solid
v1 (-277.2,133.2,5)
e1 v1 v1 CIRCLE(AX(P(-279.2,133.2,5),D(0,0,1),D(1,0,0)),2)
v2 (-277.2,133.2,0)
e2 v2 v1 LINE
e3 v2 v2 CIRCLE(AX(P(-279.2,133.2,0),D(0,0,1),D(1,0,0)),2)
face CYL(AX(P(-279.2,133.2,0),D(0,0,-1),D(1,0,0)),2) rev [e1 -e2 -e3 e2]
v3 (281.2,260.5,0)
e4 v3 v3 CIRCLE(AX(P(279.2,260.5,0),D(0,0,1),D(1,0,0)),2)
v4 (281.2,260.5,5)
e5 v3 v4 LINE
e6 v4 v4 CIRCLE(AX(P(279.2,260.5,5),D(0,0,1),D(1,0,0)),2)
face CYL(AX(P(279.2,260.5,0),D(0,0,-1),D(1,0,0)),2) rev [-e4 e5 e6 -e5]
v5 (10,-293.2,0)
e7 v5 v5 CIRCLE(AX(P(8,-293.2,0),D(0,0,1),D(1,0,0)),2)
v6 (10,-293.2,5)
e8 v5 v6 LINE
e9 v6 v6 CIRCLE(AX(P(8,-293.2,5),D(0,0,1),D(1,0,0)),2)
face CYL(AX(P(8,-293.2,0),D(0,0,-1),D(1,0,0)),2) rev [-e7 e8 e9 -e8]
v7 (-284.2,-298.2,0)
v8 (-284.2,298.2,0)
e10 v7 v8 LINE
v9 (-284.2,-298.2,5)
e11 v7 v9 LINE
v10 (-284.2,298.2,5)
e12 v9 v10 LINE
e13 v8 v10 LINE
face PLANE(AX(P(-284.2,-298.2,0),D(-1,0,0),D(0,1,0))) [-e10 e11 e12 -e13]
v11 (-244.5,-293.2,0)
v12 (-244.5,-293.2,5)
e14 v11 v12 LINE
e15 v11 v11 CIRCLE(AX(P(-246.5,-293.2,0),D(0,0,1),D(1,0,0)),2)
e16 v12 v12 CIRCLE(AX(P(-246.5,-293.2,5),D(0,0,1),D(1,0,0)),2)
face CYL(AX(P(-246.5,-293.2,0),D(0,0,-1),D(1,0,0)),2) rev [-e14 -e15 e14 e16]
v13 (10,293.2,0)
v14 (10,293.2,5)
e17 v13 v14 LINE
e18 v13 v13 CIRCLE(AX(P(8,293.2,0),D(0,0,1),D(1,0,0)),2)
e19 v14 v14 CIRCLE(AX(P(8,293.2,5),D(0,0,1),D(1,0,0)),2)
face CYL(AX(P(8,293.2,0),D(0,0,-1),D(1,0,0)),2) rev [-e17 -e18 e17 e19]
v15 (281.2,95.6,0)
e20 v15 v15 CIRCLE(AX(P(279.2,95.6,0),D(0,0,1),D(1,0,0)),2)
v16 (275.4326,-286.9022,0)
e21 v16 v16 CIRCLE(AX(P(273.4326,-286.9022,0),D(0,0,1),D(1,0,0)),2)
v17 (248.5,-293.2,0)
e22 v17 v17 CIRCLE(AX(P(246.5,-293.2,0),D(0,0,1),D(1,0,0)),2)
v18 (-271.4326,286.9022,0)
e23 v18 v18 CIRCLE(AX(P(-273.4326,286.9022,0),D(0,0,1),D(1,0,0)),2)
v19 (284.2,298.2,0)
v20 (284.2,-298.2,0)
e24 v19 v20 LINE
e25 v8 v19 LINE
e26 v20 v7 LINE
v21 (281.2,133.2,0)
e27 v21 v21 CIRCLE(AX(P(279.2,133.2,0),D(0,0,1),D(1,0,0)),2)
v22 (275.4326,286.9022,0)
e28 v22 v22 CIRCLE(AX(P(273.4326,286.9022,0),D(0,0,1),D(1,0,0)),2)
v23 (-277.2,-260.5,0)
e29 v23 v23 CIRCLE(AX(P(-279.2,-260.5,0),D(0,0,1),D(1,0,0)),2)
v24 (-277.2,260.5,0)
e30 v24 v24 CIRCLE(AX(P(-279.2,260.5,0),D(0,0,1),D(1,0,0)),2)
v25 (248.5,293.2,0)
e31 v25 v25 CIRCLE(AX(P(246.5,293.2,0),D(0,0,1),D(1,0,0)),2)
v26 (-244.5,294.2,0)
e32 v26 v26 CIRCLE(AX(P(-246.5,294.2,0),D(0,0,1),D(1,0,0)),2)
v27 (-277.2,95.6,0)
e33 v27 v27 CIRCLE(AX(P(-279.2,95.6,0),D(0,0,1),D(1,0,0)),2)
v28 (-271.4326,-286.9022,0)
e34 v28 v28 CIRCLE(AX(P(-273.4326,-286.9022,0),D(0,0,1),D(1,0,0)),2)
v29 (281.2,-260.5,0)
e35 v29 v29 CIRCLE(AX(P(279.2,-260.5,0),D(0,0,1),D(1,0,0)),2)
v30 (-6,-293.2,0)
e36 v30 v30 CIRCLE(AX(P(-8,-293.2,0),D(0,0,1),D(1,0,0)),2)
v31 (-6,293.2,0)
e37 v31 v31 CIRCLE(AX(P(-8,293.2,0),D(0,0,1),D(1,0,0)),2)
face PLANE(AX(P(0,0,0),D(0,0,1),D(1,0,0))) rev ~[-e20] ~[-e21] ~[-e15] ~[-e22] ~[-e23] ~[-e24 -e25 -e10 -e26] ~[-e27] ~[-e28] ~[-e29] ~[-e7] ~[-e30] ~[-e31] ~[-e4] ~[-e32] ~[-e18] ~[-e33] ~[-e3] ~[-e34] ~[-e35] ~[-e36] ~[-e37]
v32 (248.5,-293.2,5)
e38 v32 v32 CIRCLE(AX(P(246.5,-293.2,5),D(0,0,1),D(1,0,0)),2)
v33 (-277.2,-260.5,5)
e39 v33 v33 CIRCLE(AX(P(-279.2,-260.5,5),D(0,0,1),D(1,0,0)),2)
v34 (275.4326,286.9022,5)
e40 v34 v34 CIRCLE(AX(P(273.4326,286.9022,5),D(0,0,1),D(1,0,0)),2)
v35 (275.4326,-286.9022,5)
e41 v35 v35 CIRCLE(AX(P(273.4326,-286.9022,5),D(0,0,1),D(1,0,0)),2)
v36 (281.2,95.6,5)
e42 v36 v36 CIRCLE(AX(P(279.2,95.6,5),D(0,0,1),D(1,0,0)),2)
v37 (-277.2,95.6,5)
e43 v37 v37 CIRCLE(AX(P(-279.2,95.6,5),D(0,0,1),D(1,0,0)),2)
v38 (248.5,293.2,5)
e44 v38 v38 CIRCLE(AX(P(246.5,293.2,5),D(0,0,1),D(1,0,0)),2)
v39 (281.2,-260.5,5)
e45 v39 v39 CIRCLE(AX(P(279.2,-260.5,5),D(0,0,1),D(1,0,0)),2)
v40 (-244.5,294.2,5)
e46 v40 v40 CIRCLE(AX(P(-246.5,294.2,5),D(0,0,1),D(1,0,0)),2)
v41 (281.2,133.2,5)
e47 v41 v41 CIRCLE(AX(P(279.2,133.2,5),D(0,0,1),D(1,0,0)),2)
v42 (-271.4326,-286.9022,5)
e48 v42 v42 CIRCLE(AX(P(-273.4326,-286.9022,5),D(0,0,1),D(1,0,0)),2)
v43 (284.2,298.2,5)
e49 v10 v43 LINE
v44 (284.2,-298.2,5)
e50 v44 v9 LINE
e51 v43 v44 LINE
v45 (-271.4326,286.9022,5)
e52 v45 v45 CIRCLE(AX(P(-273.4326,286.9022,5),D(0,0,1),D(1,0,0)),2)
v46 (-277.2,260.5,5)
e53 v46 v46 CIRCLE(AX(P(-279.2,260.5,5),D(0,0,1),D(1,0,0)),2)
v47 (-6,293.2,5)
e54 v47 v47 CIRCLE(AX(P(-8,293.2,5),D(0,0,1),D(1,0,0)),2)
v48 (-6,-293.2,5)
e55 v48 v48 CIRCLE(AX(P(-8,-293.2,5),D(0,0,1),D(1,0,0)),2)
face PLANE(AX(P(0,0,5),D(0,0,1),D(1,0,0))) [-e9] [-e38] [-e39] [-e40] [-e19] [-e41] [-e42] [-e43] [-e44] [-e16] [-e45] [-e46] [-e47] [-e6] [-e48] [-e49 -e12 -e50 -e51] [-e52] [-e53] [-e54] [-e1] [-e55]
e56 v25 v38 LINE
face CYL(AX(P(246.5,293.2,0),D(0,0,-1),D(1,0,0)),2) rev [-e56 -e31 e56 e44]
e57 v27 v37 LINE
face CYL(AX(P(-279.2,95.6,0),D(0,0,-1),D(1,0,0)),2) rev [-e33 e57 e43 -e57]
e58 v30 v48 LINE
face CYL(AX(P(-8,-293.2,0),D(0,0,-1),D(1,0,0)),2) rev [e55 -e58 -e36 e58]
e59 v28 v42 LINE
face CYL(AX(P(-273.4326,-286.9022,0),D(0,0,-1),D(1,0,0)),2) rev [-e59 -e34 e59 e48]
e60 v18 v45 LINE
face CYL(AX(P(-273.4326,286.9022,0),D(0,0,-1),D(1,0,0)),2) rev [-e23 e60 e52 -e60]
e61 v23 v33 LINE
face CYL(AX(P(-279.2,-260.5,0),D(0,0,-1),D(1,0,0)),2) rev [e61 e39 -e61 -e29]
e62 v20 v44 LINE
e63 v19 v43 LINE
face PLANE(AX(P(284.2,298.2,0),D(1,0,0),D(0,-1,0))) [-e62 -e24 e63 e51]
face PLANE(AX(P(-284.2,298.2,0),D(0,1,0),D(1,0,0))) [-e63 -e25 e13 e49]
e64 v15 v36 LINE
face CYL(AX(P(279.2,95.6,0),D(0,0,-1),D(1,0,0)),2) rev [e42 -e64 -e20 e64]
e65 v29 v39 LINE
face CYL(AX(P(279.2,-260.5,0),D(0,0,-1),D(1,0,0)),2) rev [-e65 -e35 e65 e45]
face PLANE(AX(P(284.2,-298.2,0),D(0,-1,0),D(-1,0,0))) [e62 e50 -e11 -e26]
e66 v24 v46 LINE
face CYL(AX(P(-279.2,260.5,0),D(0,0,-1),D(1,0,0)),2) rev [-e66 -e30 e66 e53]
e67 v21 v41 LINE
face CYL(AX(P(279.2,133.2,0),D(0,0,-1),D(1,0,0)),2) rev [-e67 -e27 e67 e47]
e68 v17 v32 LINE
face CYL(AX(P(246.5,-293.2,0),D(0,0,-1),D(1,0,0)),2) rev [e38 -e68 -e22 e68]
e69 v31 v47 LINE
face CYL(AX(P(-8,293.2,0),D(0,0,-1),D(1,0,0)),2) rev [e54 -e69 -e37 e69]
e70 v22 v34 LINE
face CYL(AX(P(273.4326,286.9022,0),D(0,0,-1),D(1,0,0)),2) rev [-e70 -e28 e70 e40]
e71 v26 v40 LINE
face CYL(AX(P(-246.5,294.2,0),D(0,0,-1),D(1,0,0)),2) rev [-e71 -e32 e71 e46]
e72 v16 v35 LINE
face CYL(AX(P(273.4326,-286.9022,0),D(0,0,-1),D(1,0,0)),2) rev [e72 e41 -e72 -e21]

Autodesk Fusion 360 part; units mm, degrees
sketch "Sketch1" plane through (0, 0, 0) normal (0, 0, 1) x (1, 0, 0)
  line L0 (284.2, -298.2) -> (-284.2, -298.2)
  line L1 (-284.2, -298.2) -> (-284.2, 298.2)
  line L2 (-284.2, 298.2) -> (284.2, 298.2)
  line L3 (284.2, 298.2) -> (284.2, -298.2)
  line L4 (284.2, -298.2) -> (-284.2, 298.2) construction
  line L5 (-284.2, -298.2) -> (284.2, 298.2) construction
  circle A0 centre (-246.5, 294.2) radius 2
  circle A1 centre (-279.2, 260.5) radius 2
  circle A2 centre (-246.5, -293.2) radius 2
  circle A3 centre (-279.2, -260.5) radius 2
  circle A4 centre (246.5, 293.2) radius 2
  circle A5 centre (279.2, 260.5) radius 2
  circle A6 centre (246.5, -293.2) radius 2
  circle A7 centre (279.2, -260.5) radius 2
  line L6 (0, -298.2) -> (0, 298.2) construction
  circle A8 centre (8, 293.2) radius 2
  circle A9 centre (8, -293.2) radius 2
  circle A10 centre (-273.4326, -286.9022) radius 2
  circle A11 centre (273.4326, -286.9022) radius 2
  circle A12 centre (273.4326, 286.9022) radius 2
  circle A13 centre (-273.4326, 286.9022) radius 2
  circle A14 centre (-8, -293.2) radius 2
  circle A15 centre (-8, 293.2) radius 2
  line L7 (284.2, 114.4) -> (-284.2, 114.4) construction
  circle A16 centre (279.2, 95.6) radius 2
  circle A17 centre (279.2, 133.2) radius 2
  circle A18 centre (-279.2, 133.2) radius 2
  circle A19 centre (-279.2, 95.6) radius 2
  dimension "d1" = 568.4
  dimension "d2" = 596.4
  dimension "d4" = 4
  dimension "d5" = 4
  dimension "d6" = 4
  dimension "d7" = 37.7
  dimension "d8" = 4
  dimension "d9" = 4
  dimension "d13" = 4
  dimension "d14" = 4
  dimension "d17" = 4
  dimension "d18" = 4
  dimension "d23" = 4
  dimension "d24" = 4
  dimension "d25" = 5
  dimension "d26" = 5
  dimension "d30" = 5
  dimension "d31" = 5
  dimension "d32" = 4
  dimension "d33" = 15.607
  dimension "d34" = 5
  dimension "d35" = 5
  dimension "d36" = 37.7
  dimension "d37" = 37.7
  dimension "d38" = 37.7
  dimension "d39" = 37.7
  dimension "d40" = 4
  dimension "d41" = 15.607
  dimension "d42" = 5
  dimension "d43" = 37.7
  dimension "d44" = 5
  dimension "d45" = 37.7
  dimension "d46" = 4
  dimension "d47" = 15.607
  dimension "d48" = 4
  dimension "d49" = 15.607
  dimension "d50" = 37.7
  dimension "d51" = 5
  dimension "d52" = 4
  dimension "d53" = 8
  dimension "d54" = 8
  dimension "d55" = 5
  dimension "d56" = 8
  dimension "d57" = 4
  dimension "d58" = 8
  dimension "d59" = 5
  dimension "d60" = 412.6
  dimension "d61" = 4
  dimension "d62" = 4
  dimension "d63" = 18.8
  dimension "d64" = 18.8
  dimension "d65" = 5
  dimension "d66" = 5
  dimension "d67" = 4
  dimension "d68" = 4
  dimension "d69" = 18.8
  dimension "d70" = 18.8
  dimension "d71" = 5
  dimension "d72" = 5
extrude "Extrude1" add sketch "Sketch1" along normal blind 5 makes body 1
copy_body "Body->Comp1" bodies 1 removing the originals makes body 2 in component "Bottom"
component "Bottom" placed x (1, 0, 0) y (0, 1, 0) z (0, 0, 1) at (0, 0, 0)
equation "d1 = XRailLength + 218.4 mm"
equation "d2 = YRailLength + 246.4 mm"
equation "d60 = YRailLength + 62.6 mm"
equation "d63 = ( 37.6 / 2 ) * 1 mm"
equation "d64 = ( 37.6 / 2 ) * 1 mm"
equation "d69 = ( 37.6 / 2 ) * 1 mm"
equation "d70 = ( 37.6 / 2 ) * 1 mm"
equation "XRailLength = 350 mm"
equation "YRailLength = 350 mm"
